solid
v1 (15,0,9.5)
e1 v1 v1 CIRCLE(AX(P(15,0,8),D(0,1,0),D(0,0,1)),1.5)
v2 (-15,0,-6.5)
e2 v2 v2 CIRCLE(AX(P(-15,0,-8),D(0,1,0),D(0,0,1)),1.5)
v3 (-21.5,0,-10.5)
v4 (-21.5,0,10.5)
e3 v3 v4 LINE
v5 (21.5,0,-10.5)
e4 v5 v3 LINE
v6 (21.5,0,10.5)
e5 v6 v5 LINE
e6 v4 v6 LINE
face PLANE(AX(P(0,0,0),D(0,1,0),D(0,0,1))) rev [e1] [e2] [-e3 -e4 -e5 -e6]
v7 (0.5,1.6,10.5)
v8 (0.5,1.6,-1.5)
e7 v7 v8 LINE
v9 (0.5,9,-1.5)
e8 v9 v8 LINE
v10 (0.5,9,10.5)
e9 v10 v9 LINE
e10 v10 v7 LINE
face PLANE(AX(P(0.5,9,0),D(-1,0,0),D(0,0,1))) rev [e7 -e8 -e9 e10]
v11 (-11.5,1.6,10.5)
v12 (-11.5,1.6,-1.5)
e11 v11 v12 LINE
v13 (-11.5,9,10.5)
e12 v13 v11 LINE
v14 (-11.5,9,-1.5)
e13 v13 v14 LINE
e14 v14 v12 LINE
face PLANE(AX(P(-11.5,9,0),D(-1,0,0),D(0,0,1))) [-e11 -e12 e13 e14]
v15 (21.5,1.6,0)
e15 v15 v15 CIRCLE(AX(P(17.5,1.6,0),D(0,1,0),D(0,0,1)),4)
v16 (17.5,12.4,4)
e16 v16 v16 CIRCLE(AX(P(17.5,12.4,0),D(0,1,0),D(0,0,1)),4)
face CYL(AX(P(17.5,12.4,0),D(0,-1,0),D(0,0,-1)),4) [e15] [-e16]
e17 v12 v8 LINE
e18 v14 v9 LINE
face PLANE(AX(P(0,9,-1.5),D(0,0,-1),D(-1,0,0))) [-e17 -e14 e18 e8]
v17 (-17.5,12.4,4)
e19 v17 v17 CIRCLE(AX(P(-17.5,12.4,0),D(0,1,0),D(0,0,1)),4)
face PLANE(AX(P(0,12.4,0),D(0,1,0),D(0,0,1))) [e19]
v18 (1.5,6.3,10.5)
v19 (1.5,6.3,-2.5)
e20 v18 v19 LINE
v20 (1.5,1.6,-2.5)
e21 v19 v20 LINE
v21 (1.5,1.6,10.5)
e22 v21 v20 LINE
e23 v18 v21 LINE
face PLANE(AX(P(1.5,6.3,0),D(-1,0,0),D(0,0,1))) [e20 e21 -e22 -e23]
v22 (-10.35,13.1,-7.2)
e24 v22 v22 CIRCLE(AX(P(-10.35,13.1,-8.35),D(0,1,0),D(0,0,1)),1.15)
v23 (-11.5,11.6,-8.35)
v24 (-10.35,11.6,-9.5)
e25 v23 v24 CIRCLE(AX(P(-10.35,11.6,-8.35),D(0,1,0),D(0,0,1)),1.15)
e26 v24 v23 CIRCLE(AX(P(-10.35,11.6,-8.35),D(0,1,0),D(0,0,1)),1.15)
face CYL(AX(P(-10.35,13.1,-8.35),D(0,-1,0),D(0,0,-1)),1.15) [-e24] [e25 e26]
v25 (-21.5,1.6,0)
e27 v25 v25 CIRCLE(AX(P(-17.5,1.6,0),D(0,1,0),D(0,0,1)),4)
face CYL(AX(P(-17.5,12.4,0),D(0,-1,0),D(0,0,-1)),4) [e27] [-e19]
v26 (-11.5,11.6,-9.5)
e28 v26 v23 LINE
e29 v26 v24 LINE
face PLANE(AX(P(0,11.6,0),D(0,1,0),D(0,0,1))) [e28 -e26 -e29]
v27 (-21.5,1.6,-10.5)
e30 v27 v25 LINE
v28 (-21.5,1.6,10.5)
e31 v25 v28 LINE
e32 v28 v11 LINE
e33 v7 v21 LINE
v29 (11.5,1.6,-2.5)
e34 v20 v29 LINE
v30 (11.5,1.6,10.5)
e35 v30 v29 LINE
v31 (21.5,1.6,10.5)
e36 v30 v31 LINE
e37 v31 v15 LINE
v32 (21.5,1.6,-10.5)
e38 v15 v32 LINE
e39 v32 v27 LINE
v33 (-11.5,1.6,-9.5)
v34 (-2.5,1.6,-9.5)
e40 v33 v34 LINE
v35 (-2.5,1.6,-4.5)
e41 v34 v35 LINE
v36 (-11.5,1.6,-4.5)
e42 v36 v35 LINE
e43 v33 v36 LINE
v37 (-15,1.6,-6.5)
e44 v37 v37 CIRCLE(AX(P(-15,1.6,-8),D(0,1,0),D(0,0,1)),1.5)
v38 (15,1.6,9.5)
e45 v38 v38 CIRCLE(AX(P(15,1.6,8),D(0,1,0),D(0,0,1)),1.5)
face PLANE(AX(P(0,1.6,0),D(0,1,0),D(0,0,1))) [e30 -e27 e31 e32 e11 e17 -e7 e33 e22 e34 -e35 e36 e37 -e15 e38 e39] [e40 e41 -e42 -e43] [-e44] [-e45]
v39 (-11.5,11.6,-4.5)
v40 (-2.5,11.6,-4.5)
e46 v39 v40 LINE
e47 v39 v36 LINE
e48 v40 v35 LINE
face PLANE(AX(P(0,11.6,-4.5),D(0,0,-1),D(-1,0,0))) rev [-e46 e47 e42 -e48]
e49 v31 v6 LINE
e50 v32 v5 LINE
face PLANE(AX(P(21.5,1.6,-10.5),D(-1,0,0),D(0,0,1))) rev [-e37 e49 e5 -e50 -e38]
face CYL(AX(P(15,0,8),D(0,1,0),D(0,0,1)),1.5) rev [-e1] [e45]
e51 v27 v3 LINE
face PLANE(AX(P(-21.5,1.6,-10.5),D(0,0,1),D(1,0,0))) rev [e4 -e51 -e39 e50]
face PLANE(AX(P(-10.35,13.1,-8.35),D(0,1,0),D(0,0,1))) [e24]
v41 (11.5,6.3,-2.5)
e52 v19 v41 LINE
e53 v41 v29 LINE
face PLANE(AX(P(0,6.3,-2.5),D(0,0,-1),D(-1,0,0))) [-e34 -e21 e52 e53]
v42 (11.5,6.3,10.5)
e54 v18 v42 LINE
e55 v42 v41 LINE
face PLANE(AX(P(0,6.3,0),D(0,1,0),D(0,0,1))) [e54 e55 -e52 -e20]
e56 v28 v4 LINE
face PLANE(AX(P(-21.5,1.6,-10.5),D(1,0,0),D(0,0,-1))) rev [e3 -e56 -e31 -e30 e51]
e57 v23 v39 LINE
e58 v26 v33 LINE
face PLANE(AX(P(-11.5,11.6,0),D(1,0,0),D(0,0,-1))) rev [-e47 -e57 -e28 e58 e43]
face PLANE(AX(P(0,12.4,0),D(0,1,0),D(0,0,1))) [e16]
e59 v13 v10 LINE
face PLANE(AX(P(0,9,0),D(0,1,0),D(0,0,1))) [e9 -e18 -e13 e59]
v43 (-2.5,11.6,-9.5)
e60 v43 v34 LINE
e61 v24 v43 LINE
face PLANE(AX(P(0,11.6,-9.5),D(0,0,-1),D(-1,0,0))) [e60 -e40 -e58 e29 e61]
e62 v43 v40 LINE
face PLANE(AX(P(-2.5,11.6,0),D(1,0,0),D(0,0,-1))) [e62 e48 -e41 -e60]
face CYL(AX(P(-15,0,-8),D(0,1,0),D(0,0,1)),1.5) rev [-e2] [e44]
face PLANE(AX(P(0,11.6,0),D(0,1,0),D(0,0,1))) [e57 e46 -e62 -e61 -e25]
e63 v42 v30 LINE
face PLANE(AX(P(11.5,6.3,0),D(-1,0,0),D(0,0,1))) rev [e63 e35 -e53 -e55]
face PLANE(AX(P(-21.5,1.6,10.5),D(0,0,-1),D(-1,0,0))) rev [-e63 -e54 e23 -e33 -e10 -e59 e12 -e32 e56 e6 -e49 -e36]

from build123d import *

# Parameters (mm, degrees)
SKETCH_1_W          = 43
SKETCH_1_H          = 21
EXTRUDE_1_DEPTH     = 1.6
SKETCH_2_R          = 1.5
CUT_EXTRUDE_1_DEPTH = 24.98040867
SKETCH_2_3_R        = 4
EXTRUDE_2_DEPTH     = 10.8
SKETCH_2_4_W        = 12
SKETCH_2_4_H        = 12
EXTRUDE_3_DEPTH     = 7.4
SKETCH_2_5_W        = 10
SKETCH_2_5_H        = 13
EXTRUDE_4_DEPTH     = 4.7
SKETCH_2_6_W        = 9
SKETCH_2_6_H        = 5
EXTRUDE_5_DEPTH     = 10
SKETCH_3_R          = 1.15
EXTRUDE_6_DEPTH     = 1.5


with BuildPart() as part:
    # Эскиз1 → Бобышка-Вытянуть1 (new body)
    with BuildSketch(Plane(origin=(0, 0, 0), x_dir=(1, 0, 0), z_dir=(0, 1, 0))):
        Rectangle(SKETCH_1_W, SKETCH_1_H)
    extrude(amount=EXTRUDE_1_DEPTH)

    # Эскиз2 → Вырез-Вытянуть1 (cut, through all)
    with BuildSketch(Plane(origin=(0, 1.6, 0), x_dir=(1, 0, 0), z_dir=(0, 1, 0))):
        with Locations((-15, 8)):
            Circle(SKETCH_2_R)
        with Locations((15, -8)):
            Circle(SKETCH_2_R)
    extrude(amount=-CUT_EXTRUDE_1_DEPTH, mode=Mode.SUBTRACT)

    # Эскиз2<3> → Бобышка-Вытянуть2 (add)
    with BuildSketch(Plane(origin=(0, 1.6, 0), x_dir=(1, 0, 0), z_dir=(0, 1, 0))):
        with Locations((-17.5, 0)):
            Circle(SKETCH_2_3_R)
        with Locations((17.5, 0)):
            Circle(SKETCH_2_3_R)
    extrude(amount=EXTRUDE_2_DEPTH)

    # Эскиз2<4> → Бобышка-Вытянуть3 (add)
    with BuildSketch(Plane(origin=(0, 1.6, 0), x_dir=(1, 0, 0), z_dir=(0, 1, 0))):
        with Locations((-5.5, -4.5)):
            Rectangle(SKETCH_2_4_W, SKETCH_2_4_H)
    extrude(amount=EXTRUDE_3_DEPTH)

    # Эскиз2<5> → Бобышка-Вытянуть4 (add)
    with BuildSketch(Plane(origin=(0, 1.6, 0), x_dir=(1, 0, 0), z_dir=(0, 1, 0))):
        with Locations((6.5, -4)):
            Rectangle(SKETCH_2_5_W, SKETCH_2_5_H)
    extrude(amount=EXTRUDE_4_DEPTH)

    # Эскиз2<6> → Бобышка-Вытянуть5 (add)
    with BuildSketch(Plane(origin=(0, 1.6, 0), x_dir=(1, 0, 0), z_dir=(0, 1, 0))):
        with Locations((-7, 7)):
            Rectangle(SKETCH_2_6_W, SKETCH_2_6_H)
    extrude(amount=EXTRUDE_5_DEPTH)

    # Эскиз3 → Бобышка-Вытянуть6 (add)
    with BuildSketch(Plane(origin=(0, 11.6, 0), x_dir=(1, 0, 0), z_dir=(0, 1, 0))):
        with Locations((-10.35, 8.35)):
            Circle(SKETCH_3_R)
    extrude(amount=EXTRUDE_6_DEPTH)


solid = part.part
